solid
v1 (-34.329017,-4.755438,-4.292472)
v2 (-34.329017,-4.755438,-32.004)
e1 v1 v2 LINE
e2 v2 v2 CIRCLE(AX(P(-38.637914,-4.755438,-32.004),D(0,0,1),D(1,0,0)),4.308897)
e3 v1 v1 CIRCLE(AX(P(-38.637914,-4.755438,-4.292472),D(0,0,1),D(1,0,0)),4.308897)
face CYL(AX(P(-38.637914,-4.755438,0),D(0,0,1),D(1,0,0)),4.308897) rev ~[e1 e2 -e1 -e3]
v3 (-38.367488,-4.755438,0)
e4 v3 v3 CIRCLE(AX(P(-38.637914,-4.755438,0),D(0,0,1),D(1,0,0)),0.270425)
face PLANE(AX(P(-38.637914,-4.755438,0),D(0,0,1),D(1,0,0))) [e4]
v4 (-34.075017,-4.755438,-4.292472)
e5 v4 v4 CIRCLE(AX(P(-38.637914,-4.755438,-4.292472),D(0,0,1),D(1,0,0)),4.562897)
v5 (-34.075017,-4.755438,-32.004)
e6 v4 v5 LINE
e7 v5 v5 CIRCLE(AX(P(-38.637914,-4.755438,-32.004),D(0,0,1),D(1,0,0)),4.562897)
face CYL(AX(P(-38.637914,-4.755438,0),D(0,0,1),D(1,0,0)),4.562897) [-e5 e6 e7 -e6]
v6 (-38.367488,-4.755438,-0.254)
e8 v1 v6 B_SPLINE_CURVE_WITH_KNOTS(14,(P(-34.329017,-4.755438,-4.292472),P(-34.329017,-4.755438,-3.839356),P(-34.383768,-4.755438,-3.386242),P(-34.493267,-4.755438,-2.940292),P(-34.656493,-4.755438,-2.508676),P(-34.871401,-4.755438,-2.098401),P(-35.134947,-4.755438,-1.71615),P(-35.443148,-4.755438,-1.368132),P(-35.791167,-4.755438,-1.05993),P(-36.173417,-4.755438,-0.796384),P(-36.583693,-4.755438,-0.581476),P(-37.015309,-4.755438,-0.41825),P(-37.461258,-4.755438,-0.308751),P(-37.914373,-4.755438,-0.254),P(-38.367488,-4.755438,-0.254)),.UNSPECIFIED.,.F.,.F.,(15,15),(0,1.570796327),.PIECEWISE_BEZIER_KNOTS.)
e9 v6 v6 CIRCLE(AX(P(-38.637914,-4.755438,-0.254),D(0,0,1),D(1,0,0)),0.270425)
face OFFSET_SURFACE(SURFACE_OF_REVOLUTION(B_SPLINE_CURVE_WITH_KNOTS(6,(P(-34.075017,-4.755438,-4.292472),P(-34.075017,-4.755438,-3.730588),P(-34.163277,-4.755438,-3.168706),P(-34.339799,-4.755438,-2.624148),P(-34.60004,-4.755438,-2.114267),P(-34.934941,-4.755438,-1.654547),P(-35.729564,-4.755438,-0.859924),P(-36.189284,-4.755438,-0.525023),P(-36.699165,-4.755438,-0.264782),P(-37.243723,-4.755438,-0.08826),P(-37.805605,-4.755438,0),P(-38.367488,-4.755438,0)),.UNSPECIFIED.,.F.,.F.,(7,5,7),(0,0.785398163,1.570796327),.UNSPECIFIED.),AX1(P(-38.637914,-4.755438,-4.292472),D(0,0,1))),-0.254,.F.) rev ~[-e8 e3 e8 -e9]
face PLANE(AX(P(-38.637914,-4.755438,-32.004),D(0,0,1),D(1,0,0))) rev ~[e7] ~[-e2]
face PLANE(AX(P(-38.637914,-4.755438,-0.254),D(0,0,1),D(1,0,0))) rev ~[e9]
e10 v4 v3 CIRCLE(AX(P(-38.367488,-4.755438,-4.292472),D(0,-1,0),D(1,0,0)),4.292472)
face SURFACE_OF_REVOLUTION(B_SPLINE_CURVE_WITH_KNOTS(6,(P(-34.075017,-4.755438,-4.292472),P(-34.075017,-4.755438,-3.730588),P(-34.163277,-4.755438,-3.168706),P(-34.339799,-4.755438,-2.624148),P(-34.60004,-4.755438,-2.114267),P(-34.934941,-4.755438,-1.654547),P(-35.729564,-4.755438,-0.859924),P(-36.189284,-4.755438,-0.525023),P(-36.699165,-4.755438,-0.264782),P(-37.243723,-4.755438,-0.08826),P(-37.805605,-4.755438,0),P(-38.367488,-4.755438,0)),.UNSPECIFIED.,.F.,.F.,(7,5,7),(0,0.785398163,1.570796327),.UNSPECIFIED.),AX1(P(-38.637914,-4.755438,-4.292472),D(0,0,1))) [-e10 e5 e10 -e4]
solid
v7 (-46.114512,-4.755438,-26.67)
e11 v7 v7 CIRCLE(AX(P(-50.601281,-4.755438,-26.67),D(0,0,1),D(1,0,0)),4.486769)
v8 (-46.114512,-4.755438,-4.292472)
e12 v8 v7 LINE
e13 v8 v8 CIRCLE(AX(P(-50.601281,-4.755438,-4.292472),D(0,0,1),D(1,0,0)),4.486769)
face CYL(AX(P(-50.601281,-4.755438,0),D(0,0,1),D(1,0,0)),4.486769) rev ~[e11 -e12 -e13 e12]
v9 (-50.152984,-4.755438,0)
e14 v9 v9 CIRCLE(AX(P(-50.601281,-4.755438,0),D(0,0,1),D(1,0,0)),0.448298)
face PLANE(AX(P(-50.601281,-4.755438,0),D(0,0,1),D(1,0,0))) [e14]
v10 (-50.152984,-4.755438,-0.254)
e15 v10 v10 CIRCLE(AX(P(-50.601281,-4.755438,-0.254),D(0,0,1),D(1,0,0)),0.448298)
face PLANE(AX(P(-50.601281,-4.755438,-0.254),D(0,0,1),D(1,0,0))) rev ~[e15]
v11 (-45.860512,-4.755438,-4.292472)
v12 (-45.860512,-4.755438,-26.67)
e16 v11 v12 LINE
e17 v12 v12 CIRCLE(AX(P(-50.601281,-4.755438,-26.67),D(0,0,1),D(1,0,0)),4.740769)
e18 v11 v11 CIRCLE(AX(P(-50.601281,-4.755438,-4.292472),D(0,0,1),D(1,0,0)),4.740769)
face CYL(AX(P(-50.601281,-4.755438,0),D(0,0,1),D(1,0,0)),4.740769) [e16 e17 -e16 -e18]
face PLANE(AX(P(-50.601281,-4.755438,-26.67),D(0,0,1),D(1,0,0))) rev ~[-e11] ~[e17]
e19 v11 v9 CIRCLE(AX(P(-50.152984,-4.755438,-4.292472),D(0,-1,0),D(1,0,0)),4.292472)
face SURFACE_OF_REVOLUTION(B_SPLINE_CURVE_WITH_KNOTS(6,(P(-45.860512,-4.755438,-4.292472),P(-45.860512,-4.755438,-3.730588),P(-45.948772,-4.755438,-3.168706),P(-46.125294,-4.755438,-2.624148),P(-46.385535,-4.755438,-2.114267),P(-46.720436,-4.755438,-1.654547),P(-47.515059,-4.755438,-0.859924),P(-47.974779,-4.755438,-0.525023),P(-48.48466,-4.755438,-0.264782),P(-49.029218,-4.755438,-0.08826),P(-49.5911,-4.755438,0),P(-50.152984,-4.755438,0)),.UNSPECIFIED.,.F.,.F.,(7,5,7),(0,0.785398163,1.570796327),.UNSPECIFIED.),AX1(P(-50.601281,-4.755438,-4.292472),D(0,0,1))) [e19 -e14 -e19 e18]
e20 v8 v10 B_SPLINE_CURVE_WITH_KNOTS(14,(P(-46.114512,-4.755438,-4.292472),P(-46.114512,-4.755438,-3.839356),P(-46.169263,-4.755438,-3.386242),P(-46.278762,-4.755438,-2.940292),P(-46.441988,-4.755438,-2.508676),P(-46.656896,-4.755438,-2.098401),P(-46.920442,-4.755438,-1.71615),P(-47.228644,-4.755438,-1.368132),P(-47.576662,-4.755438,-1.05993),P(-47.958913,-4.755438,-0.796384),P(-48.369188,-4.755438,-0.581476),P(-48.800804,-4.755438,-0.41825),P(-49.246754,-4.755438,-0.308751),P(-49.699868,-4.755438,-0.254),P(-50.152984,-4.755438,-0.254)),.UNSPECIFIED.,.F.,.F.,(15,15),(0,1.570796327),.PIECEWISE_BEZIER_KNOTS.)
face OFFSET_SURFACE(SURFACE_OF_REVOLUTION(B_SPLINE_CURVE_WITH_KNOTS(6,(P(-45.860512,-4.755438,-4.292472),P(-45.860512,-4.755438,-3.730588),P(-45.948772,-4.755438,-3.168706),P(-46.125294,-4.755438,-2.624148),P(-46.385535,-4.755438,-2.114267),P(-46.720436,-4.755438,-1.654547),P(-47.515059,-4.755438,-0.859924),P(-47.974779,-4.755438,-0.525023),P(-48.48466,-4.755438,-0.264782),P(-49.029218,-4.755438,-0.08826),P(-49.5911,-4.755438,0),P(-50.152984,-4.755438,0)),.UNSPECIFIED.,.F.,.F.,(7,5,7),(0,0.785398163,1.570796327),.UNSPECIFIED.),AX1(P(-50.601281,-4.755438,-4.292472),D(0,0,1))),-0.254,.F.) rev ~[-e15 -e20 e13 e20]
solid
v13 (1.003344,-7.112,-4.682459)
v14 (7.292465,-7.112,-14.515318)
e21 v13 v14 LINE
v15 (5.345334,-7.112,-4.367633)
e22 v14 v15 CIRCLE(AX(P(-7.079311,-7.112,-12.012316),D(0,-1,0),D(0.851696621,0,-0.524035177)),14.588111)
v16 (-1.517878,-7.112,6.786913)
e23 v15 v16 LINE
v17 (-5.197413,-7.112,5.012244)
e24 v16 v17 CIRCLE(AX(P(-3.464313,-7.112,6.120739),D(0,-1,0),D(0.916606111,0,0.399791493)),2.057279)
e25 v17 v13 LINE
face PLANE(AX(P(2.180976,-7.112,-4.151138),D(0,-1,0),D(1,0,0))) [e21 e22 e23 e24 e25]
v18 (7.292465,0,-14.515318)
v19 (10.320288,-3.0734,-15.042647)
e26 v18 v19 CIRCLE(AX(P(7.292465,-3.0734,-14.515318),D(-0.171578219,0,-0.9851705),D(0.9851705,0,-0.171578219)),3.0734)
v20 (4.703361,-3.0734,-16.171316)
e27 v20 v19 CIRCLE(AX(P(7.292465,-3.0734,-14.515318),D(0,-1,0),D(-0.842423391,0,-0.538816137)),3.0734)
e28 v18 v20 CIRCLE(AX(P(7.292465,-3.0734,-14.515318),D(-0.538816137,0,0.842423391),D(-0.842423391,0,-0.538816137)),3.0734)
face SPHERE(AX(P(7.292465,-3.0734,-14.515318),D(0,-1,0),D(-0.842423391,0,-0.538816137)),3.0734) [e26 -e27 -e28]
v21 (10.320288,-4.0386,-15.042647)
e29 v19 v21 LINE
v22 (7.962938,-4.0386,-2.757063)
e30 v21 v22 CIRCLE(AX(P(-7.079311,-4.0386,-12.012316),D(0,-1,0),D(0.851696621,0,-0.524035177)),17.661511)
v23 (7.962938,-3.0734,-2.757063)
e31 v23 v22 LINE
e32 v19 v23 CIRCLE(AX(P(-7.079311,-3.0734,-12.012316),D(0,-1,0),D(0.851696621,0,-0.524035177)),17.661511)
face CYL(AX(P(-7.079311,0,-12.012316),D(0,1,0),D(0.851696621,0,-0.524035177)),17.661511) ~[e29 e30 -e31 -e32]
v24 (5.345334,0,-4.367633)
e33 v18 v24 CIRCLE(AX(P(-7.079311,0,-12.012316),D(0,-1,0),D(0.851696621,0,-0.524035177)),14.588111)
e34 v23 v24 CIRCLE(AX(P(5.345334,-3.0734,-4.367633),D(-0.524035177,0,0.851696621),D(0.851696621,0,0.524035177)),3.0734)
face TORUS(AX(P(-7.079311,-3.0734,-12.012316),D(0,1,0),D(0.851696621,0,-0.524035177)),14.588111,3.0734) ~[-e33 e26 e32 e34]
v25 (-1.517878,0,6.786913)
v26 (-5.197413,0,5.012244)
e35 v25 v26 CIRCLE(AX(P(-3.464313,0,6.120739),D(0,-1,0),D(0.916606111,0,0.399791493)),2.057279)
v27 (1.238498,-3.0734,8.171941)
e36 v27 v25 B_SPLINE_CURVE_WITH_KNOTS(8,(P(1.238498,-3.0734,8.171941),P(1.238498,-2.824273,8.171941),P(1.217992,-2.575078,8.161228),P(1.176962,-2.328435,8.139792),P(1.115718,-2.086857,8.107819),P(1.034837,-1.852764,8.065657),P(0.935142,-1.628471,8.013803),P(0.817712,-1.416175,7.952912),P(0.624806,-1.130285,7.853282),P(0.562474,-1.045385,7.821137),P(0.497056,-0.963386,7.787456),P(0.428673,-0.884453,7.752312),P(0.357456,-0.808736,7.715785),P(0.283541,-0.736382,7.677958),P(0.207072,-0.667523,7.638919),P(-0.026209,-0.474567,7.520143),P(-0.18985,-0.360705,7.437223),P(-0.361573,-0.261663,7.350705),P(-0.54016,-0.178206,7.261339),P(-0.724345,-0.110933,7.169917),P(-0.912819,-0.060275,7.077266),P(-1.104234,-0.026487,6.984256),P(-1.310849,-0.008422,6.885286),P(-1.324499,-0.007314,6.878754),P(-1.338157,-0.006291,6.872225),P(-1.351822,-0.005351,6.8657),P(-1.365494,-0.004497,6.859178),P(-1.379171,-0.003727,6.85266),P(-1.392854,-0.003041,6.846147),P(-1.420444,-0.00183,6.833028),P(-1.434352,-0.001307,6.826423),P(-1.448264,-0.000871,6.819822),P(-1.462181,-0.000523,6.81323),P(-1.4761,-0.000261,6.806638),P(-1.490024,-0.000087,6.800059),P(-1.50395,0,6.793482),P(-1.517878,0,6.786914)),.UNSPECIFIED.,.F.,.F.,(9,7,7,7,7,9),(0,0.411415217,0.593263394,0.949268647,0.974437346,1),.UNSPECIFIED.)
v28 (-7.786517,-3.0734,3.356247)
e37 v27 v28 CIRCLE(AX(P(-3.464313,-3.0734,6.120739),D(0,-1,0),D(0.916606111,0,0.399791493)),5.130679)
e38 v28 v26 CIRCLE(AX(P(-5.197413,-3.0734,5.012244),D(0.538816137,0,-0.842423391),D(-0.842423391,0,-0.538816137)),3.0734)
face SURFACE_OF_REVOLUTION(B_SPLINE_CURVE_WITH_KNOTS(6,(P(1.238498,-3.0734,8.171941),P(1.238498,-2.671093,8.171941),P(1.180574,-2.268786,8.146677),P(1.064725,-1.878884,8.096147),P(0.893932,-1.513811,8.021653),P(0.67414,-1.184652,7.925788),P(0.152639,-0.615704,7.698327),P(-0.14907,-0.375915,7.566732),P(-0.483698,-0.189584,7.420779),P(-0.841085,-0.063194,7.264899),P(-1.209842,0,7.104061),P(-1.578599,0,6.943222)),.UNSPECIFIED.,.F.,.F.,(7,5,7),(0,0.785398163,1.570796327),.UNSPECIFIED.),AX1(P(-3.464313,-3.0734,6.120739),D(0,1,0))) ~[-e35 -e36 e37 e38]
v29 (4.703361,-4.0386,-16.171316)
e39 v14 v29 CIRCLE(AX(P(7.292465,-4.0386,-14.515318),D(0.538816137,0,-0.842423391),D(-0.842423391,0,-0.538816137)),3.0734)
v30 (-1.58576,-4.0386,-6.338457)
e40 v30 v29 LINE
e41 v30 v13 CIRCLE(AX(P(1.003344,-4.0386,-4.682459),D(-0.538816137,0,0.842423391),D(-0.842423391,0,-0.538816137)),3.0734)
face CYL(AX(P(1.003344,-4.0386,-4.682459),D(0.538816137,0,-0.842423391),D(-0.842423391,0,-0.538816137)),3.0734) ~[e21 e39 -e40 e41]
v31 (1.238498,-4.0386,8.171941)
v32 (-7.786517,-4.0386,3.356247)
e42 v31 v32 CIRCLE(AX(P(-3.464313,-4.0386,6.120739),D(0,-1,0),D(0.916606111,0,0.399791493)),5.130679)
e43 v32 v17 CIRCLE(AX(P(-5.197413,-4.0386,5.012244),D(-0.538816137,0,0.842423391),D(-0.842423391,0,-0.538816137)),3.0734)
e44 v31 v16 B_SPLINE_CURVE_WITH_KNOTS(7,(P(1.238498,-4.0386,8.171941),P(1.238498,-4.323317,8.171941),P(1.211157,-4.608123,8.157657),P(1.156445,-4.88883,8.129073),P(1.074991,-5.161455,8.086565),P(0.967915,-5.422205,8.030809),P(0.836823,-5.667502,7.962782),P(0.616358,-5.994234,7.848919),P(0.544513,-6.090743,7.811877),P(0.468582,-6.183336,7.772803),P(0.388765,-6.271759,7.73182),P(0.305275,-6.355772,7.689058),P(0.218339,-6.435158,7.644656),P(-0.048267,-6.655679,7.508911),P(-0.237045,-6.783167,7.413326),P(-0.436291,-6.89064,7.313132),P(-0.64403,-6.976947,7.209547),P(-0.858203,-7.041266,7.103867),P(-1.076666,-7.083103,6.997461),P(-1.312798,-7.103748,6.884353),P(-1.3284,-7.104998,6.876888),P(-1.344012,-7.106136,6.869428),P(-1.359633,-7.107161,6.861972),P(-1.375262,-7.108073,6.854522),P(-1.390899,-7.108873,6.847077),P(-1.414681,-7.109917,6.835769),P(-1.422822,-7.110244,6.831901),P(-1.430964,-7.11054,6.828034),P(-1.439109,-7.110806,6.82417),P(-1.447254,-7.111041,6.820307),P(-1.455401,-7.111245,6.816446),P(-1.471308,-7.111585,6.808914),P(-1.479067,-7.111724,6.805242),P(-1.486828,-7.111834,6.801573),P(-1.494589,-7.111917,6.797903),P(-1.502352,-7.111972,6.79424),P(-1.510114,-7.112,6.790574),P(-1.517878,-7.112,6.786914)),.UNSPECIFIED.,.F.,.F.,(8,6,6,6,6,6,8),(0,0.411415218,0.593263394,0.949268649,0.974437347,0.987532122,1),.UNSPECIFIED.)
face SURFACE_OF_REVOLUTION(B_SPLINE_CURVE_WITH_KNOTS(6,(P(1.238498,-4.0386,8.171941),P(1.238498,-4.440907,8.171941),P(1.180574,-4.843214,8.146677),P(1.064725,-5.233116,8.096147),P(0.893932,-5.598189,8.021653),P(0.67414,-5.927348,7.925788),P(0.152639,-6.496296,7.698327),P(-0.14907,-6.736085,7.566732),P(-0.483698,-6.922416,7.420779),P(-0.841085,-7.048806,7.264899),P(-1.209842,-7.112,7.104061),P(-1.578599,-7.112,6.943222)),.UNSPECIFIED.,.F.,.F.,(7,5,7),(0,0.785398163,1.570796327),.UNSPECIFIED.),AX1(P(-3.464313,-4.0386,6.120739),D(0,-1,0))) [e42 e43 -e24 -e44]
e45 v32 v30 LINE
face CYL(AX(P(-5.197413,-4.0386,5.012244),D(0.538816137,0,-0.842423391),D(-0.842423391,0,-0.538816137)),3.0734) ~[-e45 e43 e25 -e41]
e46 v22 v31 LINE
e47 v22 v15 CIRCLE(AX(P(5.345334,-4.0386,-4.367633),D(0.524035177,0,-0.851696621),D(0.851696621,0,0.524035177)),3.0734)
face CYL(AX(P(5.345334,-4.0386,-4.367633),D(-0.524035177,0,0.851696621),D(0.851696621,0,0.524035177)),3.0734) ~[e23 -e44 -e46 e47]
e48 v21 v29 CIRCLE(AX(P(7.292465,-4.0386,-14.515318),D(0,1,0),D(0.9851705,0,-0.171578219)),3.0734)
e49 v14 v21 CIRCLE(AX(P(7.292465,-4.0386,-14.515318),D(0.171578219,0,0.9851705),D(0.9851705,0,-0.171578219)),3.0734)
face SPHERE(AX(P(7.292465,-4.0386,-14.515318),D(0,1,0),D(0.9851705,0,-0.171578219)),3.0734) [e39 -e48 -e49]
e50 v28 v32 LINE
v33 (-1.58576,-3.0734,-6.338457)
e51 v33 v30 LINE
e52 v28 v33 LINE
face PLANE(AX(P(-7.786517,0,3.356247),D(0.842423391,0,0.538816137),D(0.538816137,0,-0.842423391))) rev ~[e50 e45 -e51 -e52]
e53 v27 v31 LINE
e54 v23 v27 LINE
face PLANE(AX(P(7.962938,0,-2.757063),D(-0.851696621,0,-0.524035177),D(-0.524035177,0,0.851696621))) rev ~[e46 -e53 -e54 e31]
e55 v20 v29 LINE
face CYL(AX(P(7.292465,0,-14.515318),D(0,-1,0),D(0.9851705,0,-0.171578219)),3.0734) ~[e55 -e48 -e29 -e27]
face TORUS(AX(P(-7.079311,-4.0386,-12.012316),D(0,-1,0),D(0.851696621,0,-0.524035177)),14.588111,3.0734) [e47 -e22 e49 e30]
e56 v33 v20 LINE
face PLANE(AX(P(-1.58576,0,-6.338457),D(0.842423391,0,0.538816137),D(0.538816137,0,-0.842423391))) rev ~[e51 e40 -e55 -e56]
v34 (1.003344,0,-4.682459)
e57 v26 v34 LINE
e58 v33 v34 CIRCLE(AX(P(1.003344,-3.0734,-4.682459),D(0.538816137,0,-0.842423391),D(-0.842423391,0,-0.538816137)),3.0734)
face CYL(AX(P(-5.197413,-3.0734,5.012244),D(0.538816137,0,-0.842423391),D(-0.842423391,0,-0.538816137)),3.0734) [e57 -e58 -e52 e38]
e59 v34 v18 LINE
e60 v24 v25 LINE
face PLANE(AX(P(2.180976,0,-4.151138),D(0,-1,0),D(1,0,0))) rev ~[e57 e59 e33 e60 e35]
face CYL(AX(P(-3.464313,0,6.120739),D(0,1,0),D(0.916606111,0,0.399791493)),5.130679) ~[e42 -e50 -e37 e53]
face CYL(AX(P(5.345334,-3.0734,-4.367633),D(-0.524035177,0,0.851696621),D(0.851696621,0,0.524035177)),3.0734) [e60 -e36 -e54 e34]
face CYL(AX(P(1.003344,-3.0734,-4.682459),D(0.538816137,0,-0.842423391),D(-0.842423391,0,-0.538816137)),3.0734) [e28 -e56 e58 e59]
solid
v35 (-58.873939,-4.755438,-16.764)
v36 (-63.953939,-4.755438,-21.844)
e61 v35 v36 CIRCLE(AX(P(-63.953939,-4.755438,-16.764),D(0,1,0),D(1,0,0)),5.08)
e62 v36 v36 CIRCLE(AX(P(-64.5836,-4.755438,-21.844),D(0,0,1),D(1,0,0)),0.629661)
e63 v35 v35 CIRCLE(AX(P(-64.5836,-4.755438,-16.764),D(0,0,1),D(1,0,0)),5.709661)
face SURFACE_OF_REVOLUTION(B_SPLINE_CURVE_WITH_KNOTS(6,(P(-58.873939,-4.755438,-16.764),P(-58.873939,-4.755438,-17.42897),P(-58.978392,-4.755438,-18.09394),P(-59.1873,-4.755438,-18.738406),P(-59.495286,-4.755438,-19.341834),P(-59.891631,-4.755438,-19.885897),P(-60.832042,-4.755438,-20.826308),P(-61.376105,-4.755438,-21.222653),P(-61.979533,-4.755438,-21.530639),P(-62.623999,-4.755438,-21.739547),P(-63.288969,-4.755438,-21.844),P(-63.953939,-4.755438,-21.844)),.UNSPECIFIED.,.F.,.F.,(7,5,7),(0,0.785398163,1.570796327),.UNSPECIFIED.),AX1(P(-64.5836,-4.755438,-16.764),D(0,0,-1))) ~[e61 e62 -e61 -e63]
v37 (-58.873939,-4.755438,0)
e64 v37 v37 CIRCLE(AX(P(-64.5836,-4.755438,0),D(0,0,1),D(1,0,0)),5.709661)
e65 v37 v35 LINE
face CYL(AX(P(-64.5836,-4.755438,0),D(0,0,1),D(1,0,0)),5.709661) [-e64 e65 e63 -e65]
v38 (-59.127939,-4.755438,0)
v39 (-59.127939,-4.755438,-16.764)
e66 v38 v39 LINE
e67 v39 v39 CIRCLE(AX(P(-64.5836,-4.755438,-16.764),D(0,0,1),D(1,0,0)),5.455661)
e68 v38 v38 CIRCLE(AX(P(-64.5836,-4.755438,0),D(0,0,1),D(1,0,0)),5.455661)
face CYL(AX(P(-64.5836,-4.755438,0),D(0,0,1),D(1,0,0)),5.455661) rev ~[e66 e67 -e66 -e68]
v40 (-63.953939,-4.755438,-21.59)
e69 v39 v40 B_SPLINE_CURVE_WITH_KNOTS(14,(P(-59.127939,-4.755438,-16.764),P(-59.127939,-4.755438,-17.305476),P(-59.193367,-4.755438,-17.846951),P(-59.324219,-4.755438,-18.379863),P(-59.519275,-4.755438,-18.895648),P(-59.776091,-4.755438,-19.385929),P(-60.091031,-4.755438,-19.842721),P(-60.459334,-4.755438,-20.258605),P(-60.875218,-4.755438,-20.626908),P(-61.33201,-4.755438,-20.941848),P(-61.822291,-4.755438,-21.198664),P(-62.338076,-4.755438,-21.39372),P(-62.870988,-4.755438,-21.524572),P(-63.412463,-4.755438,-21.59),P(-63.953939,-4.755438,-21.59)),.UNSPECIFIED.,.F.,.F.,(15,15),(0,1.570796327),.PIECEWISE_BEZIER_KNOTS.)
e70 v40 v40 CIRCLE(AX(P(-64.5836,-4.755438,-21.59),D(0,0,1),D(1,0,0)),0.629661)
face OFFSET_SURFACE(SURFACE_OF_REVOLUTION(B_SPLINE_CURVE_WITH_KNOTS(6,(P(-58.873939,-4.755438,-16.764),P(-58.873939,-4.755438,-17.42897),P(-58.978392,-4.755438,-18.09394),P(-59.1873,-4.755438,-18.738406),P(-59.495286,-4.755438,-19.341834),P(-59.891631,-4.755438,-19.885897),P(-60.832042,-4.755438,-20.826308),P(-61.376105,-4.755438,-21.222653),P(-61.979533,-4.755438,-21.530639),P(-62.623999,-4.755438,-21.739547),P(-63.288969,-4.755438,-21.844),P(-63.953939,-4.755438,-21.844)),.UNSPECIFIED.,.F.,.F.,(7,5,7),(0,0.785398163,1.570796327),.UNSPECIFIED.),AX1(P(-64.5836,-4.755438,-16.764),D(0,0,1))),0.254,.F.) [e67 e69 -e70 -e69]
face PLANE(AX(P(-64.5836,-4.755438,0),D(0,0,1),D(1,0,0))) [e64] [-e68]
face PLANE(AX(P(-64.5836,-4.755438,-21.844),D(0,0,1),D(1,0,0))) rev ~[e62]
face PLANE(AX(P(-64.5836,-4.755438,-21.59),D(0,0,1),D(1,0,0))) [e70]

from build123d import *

# Parameters (mm, degrees)
F1_DEPTH  = 7.112
F2_R      = 3.0734
F3_R      = 4.5628970618
F4_DEPTH  = 32.004
F5_R      = 4.2924717139
F6_T      = -0.254
F3_R_2    = 4.740769309
F7_DEPTH  = 26.67
F8_R      = 4.2924717139
F9_T      = -0.254
F3_R_3    = 5.7096605668
F10_DEPTH = 21.844
F11_R     = 5.08
F12_T     = -0.254


with BuildPart() as f1:
    # F0 (on Front) → F1 (new body)
    with BuildSketch(Plane.XZ):
        with BuildLine():
            ThreePointArc((1.2384984202, 8.1719410095), (-5.8796689245, 10.6473187467), (-7.7865170277, 3.3562466993))
            Line((-7.7865170277, 3.3562466993), (-1.5857602384, -6.3384565623))
            Line((-1.5857602384, -6.3384565623), (7.9629379816, -21.2675690756))
            ThreePointArc((7.9629379816, -21.2675690756), (10.5821997742, -12.0123159448), (7.9629379816, -2.7570628141))
            Line((7.9629379816, -2.7570628141), (1.2384984202, 8.1719410095))
        make_face()
        with BuildLine():
            ThreePointArc((7.2723874958, -3.7478940867), (3.8140446675, -8.3624849467), (-1.5857602384, -6.3384565623))
            ThreePointArc((-1.5857602384, -6.3384565623), (-1.6082075168, -6.303021288), (-1.6303447849, -6.2673915206))
            ThreePointArc((-1.6303447849, -6.2673915206), (-0.0549883894, 0.3469597426), (6.5593628738, -1.2283966529))
            ThreePointArc((6.5593628738, -1.2283966529), (7.0906983342, -2.4386699433), (7.2723874958, -3.7478940867))
        make_face(mode=Mode.SUBTRACT)
        with BuildLine():
            ThreePointArc((-1.6303447849, -6.2673915206), (-1.6082075168, -6.303021288), (-1.5857602384, -6.3384565623))
            ThreePointArc((-1.5857602384, -6.3384565623), (3.8140446675, -8.3624849467), (7.2723874958, -3.7478940867))
            ThreePointArc((7.2723874958, -3.7478940867), (7.0906983342, -2.4386699433), (6.5593628738, -1.2283966529))
            Line((6.5593628738, -1.2283966529), (2.4645090444, -3.7478940867))
            Line((2.4645090444, -3.7478940867), (-1.6303447849, -6.2673915206))
        make_face()
        with BuildLine():
            ThreePointArc((6.5593628738, -1.2283966529), (-0.0549883894, 0.3469597426), (-1.6303447849, -6.2673915206))
            Line((-1.6303447849, -6.2673915206), (2.4645090444, -3.7478940867))
            Line((2.4645090444, -3.7478940867), (6.5593628738, -1.2283966529))
        make_face()
    extrude(amount=F1_DEPTH)

    # F2
    f2_edges = [f1.edges().sort_by_distance(p)[0] for p in [
        (0.08821, 0, -8.955661),
        (-5.879669, 0, 10.647319),
        (-5.879669, -7.112, 10.647319),
        (0.08821, -7.112, -8.955661),
        (4.600718, 0, 2.707439),
        (10.5822, 0, -12.012316),
        (7.962938, -3.556, -21.267569),
        (4.600718, -7.112, 2.707439),
        (10.5822, -7.112, -12.012316),
    ]]
    fillet(f2_edges, radius=F2_R)


with BuildPart() as f4:
    # F3 (on Top) → F4 (new body)
    with BuildSketch(Plane.XY):
        with Locations((-38.6379137635, -4.7554378398)):
            Circle(F3_R)
    extrude(amount=-F4_DEPTH)

    # F5
    f5_edges = [f4.edges().sort_by_distance(p)[0] for p in [
        (-43.200811, -4.755438, 0),
    ]]
    fillet(f5_edges, radius=F5_R)

    # F6
    f6_openings = [f4.faces().sort_by_distance(p)[0] for p in [
        (-38.637914, -4.755438, -32.004),
    ]]
    offset(amount=F6_T, openings=f6_openings)


with BuildPart() as f7:
    # F3 (on Top) → F7 (new body)
    with BuildSketch(Plane.XY):
        with Locations((-50.6012812257, -4.7554378398)):
            Circle(F3_R_2)
    extrude(amount=-F7_DEPTH)

    # F8
    f8_edges = [f7.edges().sort_by_distance(p)[0] for p in [
        (-55.342051, -4.755438, 0),
    ]]
    fillet(f8_edges, radius=F8_R)

    # F9
    f9_openings = [f7.faces().sort_by_distance(p)[0] for p in [
        (-50.601281, -4.755438, -26.67),
    ]]
    offset(amount=F9_T, openings=f9_openings)


with BuildPart() as f10:
    # F3 (on Top) → F10 (new body)
    with BuildSketch(Plane.XY):
        with Locations((-64.5835995674, -4.7554378398)):
            Circle(F3_R_3)
    extrude(amount=-F10_DEPTH)

    # F11
    f11_edges = [f10.edges().sort_by_distance(p)[0] for p in [
        (-70.29326, -4.755438, -21.844),
    ]]
    fillet(f11_edges, radius=F11_R)

    # F12
    f12_openings = [f10.faces().sort_by_distance(p)[0] for p in [
        (-64.5836, -4.755438, 0),
    ]]
    offset(amount=F12_T, openings=f12_openings)


solid = Compound([f1.part, f4.part, f7.part, f10.part])
